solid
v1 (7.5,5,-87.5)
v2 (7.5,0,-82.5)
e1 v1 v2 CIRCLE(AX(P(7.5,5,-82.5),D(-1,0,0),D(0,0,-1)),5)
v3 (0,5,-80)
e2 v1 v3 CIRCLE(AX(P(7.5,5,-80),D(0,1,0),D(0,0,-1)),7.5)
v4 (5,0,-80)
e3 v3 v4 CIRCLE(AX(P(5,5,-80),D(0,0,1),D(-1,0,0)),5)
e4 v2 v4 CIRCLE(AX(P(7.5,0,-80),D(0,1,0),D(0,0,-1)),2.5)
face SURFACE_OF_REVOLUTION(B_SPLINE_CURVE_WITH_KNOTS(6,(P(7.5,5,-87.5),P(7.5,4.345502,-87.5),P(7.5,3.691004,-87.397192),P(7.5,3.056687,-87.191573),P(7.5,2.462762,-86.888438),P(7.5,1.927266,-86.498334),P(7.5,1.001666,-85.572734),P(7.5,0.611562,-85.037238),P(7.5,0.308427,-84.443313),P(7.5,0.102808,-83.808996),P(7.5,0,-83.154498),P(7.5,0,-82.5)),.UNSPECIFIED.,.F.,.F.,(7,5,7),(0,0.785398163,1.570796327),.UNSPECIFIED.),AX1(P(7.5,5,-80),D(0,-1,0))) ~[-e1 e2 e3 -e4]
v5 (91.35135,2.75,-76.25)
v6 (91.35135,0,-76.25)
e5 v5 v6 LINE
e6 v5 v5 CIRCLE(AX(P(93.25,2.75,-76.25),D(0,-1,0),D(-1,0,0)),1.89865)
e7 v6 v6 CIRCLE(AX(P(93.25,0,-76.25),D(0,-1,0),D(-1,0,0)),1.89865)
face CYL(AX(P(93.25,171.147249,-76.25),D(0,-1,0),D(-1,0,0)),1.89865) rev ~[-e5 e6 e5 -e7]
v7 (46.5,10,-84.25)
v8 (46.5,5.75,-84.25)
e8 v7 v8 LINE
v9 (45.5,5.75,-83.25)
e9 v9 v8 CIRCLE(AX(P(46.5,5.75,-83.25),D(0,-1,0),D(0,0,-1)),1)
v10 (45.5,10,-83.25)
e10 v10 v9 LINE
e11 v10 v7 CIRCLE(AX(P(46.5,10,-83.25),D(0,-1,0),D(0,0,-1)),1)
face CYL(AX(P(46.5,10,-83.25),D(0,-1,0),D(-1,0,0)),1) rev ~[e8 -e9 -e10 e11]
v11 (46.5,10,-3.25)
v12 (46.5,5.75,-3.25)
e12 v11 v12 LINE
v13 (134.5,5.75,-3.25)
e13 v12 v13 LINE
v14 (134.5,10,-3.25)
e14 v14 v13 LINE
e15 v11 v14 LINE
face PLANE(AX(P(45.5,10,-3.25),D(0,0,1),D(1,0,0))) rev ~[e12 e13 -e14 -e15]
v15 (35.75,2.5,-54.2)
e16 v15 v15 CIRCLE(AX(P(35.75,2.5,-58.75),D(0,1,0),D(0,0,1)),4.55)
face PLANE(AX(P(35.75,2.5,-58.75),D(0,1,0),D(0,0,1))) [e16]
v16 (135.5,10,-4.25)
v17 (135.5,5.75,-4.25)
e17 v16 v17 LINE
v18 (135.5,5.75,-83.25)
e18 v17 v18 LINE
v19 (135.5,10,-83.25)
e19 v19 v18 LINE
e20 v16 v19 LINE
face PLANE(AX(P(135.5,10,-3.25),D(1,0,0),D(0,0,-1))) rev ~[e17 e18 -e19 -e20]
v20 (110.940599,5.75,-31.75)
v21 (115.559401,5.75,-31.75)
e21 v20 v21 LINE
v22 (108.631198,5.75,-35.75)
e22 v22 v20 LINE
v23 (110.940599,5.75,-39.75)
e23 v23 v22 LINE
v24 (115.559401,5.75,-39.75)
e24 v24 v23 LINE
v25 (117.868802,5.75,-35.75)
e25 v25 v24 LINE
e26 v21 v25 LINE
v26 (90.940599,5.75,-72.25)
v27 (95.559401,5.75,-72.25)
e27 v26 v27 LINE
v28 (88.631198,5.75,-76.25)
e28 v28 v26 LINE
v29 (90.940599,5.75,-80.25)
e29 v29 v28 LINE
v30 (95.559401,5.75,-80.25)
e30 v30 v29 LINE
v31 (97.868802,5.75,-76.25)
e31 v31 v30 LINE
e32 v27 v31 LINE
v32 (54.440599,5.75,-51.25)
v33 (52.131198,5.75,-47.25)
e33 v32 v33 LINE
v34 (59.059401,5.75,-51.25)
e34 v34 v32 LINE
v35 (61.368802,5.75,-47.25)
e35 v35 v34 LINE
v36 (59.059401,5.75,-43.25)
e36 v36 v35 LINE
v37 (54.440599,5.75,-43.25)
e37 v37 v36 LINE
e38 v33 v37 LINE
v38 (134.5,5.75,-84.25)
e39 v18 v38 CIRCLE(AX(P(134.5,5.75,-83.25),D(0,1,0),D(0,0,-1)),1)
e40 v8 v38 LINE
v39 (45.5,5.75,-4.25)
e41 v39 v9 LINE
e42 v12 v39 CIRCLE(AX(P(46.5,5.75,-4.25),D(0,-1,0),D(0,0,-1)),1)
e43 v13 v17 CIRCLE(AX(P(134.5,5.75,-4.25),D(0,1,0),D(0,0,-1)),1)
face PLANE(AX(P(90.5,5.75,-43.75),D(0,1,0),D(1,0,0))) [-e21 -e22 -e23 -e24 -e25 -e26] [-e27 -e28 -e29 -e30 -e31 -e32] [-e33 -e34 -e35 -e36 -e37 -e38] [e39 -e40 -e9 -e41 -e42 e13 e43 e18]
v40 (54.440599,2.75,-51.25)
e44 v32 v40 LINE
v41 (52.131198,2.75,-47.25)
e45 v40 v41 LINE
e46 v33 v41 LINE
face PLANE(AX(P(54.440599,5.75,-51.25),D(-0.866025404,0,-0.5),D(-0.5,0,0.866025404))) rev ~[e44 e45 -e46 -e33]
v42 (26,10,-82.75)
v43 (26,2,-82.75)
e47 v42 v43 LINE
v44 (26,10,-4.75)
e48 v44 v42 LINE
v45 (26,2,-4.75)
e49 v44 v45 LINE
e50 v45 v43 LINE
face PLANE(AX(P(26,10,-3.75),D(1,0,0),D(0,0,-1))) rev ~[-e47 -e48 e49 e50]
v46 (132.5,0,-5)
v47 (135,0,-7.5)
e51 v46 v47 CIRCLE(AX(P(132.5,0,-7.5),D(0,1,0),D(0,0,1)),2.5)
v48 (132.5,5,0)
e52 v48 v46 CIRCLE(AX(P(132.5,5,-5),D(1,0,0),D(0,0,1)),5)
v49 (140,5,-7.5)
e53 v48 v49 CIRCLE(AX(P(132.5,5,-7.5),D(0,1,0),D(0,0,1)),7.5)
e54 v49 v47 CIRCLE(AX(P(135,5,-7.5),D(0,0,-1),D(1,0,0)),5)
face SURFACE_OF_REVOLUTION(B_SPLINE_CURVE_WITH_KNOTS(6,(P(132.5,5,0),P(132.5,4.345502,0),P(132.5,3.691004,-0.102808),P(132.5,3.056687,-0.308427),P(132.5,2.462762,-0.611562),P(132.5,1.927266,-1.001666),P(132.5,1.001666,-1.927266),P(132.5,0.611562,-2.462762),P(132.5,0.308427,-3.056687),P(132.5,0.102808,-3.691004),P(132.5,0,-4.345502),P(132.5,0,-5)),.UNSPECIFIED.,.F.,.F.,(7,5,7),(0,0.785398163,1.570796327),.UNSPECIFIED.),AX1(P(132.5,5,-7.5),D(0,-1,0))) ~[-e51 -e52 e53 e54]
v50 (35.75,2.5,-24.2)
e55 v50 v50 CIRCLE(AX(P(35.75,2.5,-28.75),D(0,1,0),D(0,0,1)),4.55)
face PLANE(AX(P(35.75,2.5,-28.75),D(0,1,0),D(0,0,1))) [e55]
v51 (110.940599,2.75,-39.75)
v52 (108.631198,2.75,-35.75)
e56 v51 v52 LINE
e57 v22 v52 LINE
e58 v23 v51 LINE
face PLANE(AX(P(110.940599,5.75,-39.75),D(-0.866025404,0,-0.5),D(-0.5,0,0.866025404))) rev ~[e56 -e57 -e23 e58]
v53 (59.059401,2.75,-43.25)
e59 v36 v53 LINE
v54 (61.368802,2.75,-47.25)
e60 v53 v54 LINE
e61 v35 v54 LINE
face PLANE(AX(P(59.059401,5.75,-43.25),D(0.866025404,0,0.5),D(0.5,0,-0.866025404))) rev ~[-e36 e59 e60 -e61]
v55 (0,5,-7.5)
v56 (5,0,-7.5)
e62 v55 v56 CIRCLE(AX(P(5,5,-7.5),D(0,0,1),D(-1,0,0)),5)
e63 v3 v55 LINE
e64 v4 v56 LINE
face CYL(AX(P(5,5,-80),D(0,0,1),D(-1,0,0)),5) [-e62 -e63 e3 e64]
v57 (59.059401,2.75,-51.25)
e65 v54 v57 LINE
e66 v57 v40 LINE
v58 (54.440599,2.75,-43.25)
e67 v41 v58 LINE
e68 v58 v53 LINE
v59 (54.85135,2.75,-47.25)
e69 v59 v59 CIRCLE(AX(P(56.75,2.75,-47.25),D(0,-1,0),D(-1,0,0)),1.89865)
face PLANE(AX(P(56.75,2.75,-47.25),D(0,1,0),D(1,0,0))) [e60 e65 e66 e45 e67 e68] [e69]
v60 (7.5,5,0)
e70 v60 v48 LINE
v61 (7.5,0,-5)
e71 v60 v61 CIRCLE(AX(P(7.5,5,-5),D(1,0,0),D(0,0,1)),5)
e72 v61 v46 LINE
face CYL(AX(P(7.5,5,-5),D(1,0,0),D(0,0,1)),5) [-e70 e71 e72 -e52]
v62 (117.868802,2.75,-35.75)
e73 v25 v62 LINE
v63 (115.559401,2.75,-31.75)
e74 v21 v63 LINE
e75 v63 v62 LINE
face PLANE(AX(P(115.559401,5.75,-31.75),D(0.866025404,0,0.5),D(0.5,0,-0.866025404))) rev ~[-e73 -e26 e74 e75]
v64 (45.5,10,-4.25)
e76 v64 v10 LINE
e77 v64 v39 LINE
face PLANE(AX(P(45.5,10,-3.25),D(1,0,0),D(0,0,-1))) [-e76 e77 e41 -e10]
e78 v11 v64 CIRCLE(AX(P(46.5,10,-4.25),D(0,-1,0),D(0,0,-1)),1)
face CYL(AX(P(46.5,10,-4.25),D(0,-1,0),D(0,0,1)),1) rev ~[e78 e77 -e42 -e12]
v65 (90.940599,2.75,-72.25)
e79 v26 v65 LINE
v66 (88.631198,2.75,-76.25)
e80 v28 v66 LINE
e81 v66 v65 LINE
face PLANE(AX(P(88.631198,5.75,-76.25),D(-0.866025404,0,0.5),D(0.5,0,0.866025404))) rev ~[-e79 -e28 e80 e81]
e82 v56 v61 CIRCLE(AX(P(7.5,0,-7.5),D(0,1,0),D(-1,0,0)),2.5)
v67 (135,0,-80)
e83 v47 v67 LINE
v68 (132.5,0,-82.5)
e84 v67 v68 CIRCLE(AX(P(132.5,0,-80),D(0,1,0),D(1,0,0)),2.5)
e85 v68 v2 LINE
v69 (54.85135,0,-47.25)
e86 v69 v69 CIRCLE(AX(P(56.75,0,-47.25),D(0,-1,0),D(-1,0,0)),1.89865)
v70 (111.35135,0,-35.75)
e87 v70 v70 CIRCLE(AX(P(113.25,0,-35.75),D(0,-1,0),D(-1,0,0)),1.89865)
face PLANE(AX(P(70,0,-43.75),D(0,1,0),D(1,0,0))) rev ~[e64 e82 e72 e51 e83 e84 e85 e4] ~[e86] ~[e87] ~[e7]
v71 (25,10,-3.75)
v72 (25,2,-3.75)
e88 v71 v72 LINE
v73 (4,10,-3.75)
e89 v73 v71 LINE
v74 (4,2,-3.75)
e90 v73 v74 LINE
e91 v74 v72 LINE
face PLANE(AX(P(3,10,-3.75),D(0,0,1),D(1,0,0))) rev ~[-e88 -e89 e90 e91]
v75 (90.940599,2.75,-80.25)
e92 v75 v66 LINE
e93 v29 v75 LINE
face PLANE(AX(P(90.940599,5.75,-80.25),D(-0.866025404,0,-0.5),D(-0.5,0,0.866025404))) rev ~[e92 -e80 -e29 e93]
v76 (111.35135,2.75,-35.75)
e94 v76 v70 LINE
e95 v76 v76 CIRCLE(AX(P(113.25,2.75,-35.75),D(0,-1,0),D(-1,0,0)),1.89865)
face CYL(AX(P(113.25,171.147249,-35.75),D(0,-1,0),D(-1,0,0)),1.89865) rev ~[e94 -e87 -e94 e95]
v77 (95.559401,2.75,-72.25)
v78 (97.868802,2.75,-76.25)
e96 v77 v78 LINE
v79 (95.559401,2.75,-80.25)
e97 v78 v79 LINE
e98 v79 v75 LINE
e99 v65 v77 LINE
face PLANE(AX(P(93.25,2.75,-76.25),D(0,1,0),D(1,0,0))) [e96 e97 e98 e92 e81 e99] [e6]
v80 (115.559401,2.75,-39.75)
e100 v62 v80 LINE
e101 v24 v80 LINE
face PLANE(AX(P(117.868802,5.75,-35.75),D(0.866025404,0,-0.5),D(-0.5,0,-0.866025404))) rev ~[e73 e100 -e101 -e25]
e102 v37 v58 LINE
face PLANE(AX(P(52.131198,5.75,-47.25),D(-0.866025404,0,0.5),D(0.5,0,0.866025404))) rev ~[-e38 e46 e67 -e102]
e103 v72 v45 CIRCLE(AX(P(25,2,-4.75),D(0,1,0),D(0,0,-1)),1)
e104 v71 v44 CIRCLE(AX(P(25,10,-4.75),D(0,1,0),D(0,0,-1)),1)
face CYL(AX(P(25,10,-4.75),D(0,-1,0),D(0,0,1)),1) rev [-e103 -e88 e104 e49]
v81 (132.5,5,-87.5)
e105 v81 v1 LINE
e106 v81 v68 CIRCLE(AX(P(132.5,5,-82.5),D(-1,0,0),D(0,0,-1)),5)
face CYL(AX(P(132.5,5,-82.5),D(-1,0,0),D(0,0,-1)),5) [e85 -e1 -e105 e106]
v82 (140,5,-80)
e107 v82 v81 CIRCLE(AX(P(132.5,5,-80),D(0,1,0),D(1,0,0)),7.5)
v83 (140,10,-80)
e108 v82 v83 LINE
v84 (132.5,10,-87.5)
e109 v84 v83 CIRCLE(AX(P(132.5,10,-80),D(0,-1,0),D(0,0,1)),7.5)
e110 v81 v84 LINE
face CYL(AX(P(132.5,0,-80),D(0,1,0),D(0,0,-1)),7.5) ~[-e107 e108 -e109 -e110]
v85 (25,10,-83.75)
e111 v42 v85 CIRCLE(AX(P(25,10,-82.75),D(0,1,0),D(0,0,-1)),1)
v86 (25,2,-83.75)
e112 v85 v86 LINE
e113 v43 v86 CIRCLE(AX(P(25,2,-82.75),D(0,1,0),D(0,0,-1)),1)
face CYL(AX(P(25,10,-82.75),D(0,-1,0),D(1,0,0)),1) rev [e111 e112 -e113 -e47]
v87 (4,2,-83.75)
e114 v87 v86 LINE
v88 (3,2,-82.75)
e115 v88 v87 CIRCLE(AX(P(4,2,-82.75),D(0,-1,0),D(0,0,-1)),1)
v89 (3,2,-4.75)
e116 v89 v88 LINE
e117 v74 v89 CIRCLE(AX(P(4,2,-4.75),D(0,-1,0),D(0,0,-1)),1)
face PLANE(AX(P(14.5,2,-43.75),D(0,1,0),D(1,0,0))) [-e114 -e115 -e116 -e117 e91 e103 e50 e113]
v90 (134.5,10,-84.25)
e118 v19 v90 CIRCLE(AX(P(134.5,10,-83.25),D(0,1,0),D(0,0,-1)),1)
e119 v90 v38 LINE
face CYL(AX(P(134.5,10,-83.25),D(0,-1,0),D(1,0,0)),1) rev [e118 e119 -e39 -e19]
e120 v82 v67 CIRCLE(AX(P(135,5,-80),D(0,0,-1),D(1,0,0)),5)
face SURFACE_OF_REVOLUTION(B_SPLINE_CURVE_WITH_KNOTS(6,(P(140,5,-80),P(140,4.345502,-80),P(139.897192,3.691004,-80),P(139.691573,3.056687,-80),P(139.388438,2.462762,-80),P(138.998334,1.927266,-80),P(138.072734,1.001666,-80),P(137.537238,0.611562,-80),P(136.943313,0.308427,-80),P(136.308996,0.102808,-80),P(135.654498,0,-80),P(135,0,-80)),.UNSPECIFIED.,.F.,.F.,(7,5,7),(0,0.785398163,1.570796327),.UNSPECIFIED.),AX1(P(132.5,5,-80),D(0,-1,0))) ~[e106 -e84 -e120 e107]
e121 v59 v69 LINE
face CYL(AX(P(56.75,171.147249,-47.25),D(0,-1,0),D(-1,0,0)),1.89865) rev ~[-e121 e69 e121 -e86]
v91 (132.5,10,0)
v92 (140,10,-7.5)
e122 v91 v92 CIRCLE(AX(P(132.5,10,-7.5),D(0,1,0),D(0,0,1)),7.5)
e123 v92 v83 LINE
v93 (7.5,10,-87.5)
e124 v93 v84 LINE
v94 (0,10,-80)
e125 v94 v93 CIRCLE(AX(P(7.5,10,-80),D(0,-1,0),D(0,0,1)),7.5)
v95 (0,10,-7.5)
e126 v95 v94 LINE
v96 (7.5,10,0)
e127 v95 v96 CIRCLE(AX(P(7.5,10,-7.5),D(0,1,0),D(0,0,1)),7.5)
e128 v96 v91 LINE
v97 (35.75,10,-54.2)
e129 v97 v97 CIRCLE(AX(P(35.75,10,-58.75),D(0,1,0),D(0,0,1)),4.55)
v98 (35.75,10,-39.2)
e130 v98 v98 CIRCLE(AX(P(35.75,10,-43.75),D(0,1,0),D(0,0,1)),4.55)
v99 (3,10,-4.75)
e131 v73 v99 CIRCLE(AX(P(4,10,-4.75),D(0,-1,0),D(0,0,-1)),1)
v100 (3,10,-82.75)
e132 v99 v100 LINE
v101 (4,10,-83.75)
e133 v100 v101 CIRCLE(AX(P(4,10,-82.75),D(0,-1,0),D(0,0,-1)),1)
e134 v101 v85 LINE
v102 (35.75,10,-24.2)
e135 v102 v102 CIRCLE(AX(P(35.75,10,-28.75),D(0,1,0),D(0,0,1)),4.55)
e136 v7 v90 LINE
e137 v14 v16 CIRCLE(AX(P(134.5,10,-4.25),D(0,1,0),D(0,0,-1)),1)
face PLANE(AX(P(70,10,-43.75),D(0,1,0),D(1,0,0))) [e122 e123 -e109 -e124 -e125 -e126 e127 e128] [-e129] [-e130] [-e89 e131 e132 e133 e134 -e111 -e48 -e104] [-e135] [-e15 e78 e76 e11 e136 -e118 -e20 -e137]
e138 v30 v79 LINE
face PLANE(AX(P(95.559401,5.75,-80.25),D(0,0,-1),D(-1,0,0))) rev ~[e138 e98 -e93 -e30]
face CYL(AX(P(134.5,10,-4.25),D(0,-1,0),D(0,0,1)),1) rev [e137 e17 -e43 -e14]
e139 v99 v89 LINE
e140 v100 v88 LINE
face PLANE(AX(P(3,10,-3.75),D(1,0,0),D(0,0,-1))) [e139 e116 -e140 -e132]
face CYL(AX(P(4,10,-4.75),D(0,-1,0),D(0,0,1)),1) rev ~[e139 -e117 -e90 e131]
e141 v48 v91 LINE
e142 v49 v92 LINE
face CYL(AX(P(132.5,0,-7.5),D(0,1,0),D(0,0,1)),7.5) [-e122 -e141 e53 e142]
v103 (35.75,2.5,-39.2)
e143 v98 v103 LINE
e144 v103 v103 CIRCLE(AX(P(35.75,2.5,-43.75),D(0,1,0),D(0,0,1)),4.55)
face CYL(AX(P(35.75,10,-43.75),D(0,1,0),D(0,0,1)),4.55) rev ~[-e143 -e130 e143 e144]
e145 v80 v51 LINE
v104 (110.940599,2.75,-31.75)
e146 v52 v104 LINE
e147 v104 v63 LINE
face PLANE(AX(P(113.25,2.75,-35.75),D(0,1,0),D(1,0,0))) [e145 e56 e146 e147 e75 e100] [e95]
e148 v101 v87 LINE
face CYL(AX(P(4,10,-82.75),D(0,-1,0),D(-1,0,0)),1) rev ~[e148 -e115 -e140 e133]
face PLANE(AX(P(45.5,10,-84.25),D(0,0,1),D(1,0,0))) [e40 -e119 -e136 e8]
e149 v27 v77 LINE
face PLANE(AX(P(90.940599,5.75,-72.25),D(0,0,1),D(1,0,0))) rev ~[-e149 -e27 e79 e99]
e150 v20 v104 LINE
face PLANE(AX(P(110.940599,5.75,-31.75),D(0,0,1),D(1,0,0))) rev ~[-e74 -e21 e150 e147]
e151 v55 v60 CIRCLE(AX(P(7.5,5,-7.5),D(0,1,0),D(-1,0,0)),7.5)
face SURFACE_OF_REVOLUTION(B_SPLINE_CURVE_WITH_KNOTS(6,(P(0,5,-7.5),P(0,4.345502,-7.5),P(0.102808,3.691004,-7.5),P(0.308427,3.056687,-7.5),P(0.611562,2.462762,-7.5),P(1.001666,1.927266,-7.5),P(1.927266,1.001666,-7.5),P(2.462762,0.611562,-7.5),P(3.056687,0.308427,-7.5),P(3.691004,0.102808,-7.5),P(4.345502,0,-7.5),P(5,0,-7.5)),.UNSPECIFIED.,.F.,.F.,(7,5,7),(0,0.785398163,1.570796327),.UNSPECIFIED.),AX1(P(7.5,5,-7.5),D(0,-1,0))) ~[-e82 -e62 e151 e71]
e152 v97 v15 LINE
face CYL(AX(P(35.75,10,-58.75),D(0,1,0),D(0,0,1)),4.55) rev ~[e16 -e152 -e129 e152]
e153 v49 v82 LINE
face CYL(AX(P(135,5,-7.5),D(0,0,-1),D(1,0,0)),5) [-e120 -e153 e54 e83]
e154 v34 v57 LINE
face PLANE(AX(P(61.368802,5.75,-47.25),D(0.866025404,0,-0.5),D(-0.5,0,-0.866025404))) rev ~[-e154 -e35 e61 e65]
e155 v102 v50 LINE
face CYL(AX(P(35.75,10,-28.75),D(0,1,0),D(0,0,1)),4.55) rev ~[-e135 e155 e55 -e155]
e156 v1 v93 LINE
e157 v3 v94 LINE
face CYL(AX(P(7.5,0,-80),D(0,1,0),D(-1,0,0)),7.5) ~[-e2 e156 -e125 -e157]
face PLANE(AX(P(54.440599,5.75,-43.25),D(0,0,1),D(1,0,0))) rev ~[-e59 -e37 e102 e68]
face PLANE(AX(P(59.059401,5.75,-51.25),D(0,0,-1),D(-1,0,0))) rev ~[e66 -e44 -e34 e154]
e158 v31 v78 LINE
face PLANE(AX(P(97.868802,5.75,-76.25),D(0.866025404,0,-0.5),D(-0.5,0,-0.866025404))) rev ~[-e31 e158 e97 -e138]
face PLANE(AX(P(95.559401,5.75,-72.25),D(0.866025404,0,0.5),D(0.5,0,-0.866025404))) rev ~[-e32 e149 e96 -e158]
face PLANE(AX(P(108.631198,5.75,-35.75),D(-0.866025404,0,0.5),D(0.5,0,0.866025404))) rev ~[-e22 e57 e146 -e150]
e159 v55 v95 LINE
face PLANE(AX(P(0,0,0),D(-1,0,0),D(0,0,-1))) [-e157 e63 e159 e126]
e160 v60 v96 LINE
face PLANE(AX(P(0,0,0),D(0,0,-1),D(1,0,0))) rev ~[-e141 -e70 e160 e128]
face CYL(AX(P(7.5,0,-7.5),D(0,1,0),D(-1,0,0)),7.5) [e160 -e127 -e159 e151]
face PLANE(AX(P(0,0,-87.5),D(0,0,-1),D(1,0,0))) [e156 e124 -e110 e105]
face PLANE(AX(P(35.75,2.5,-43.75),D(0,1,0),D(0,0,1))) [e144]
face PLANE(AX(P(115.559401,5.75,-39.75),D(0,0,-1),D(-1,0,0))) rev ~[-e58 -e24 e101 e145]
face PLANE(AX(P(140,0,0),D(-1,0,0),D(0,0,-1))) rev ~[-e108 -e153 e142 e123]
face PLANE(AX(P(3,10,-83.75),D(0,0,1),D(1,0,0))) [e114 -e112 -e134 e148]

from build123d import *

# Parameters (mm, degrees)
SKETCH1_W             = 140
SKETCH1_H             = 87.5
BOSS_EXTRUDE1_DEPTH   = 10
SKETCH2_W             = 90
SKETCH2_H             = 81
CUT_EXTRUDE1_DEPTH    = 4.25
SKETCH5_W             = 23
SKETCH5_H             = 80
CUT_EXTRUDE2_DEPTH    = 8
F_6_CLEARANCE_HOLE1_D = 3.7973
CUT_EXTRUDE4_DEPTH    = 3
FILLET1_R             = 7.5
SKETCH15_R            = 4.55
CUT_EXTRUDE3_DEPTH    = 7.5
FILLET2_R             = 1
FILLET3_R             = 5


with BuildPart() as part:
    # Sketch1 → Boss-Extrude1 (new body)
    with BuildSketch(Plane(origin=(0, 0, 0), x_dir=(1, 0, 0), z_dir=(0, 1, 0))):
        with Locations((70, 43.75)):
            Rectangle(SKETCH1_W, SKETCH1_H)
    extrude(amount=BOSS_EXTRUDE1_DEPTH)

    # Sketch2 → Cut-Extrude1 (cut)
    with BuildSketch(Plane(origin=(0, 10, 0), x_dir=(1, 0, 0), z_dir=(0, 1, 0))):
        with Locations((90.5, 43.75)):
            Rectangle(SKETCH2_W, SKETCH2_H)
    extrude(amount=-CUT_EXTRUDE1_DEPTH, mode=Mode.SUBTRACT)

    # Sketch5 → Cut-Extrude2 (cut)
    with BuildSketch(Plane(origin=(0, 10, 0), x_dir=(1, 0, 0), z_dir=(0, 1, 0))):
        with Locations((14.5, 43.75)):
            Rectangle(SKETCH5_W, SKETCH5_H)
    extrude(amount=-CUT_EXTRUDE2_DEPTH, mode=Mode.SUBTRACT)

    # #6 Clearance Hole1 (through all)
    with Locations(Plane(origin=(0, 5.75, 0), x_dir=(1, 0, 0), z_dir=(0, 1, 0))):
        with Locations((56.75, 47.25), (93.25, 76.25), (113.25, 35.75)):
            Hole(F_6_CLEARANCE_HOLE1_D / 2)

    # Sketch19 → Cut-Extrude4 (cut)
    with BuildSketch(Plane(origin=(0, 5.75, 0), x_dir=(1, 0, 0), z_dir=(0, 1, 0))):
        Polygon((59.059401077, 51.25), (54.440598923, 51.25), (52.131197846, 47.25), (54.440598923, 43.25), (59.059401077, 43.25), (61.368802154, 47.25), align=None)
        Polygon((97.868802154, 76.25), (95.559401077, 80.25), (90.940598923, 80.25), (88.631197846, 76.25), (90.940598923, 72.25), (95.559401077, 72.25), align=None)
        Polygon((117.868802154, 35.75), (115.559401077, 39.75), (110.940598923, 39.75), (108.631197846, 35.75), (110.940598923, 31.75), (115.559401077, 31.75), align=None)
    extrude(amount=-CUT_EXTRUDE4_DEPTH, mode=Mode.SUBTRACT)

    # Fillet1
    fillet1_edges = [part.edges().sort_by_distance(p)[0] for p in [
        (0, 5, -87.5),
        (140, 5, -87.5),
        (140, 5, 0),
        (0, 5, 0),
    ]]
    fillet(fillet1_edges, radius=FILLET1_R)

    # Sketch15 → Cut-Extrude3 (cut)
    with BuildSketch(Plane(origin=(0, 10, 0), x_dir=(1, 0, 0), z_dir=(0, 1, 0))):
        with Locations(Location((35.75, 43.75, 0), (0, 0, 270))):
            Circle(SKETCH15_R)
        with Locations(Location((35.75, 58.75, 0), (0, 0, 270))):
            Circle(SKETCH15_R)
        with Locations(Location((35.75, 28.75, 0), (0, 0, 270))):
            Circle(SKETCH15_R)
    extrude(amount=-CUT_EXTRUDE3_DEPTH, mode=Mode.SUBTRACT)

    # Fillet2
    fillet2_edges = [part.edges().sort_by_distance(p)[0] for p in [
        (45.5, 7.875, -3.25),
        (45.5, 7.875, -84.25),
        (135.5, 7.875, -84.25),
        (135.5, 7.875, -3.25),
        (3, 6, -3.75),
        (3, 6, -83.75),
        (26, 6, -83.75),
        (26, 6, -3.75),
    ]]
    fillet(fillet2_edges, radius=FILLET2_R)

    # Fillet3
    fillet3_edges = [part.edges().sort_by_distance(p)[0] for p in [
        (70, 0, 0),
        (0, 0, -43.75),
        (70, 0, -87.5),
        (140, 0, -43.75),
        (137.803300859, 0, -2.196699141),
        (137.803300859, 0, -85.303300859),
        (2.196699141, 0, -85.303300859),
        (2.196699141, 0, -2.196699141),
    ]]
    fillet(fillet3_edges, radius=FILLET3_R)


solid = part.part
